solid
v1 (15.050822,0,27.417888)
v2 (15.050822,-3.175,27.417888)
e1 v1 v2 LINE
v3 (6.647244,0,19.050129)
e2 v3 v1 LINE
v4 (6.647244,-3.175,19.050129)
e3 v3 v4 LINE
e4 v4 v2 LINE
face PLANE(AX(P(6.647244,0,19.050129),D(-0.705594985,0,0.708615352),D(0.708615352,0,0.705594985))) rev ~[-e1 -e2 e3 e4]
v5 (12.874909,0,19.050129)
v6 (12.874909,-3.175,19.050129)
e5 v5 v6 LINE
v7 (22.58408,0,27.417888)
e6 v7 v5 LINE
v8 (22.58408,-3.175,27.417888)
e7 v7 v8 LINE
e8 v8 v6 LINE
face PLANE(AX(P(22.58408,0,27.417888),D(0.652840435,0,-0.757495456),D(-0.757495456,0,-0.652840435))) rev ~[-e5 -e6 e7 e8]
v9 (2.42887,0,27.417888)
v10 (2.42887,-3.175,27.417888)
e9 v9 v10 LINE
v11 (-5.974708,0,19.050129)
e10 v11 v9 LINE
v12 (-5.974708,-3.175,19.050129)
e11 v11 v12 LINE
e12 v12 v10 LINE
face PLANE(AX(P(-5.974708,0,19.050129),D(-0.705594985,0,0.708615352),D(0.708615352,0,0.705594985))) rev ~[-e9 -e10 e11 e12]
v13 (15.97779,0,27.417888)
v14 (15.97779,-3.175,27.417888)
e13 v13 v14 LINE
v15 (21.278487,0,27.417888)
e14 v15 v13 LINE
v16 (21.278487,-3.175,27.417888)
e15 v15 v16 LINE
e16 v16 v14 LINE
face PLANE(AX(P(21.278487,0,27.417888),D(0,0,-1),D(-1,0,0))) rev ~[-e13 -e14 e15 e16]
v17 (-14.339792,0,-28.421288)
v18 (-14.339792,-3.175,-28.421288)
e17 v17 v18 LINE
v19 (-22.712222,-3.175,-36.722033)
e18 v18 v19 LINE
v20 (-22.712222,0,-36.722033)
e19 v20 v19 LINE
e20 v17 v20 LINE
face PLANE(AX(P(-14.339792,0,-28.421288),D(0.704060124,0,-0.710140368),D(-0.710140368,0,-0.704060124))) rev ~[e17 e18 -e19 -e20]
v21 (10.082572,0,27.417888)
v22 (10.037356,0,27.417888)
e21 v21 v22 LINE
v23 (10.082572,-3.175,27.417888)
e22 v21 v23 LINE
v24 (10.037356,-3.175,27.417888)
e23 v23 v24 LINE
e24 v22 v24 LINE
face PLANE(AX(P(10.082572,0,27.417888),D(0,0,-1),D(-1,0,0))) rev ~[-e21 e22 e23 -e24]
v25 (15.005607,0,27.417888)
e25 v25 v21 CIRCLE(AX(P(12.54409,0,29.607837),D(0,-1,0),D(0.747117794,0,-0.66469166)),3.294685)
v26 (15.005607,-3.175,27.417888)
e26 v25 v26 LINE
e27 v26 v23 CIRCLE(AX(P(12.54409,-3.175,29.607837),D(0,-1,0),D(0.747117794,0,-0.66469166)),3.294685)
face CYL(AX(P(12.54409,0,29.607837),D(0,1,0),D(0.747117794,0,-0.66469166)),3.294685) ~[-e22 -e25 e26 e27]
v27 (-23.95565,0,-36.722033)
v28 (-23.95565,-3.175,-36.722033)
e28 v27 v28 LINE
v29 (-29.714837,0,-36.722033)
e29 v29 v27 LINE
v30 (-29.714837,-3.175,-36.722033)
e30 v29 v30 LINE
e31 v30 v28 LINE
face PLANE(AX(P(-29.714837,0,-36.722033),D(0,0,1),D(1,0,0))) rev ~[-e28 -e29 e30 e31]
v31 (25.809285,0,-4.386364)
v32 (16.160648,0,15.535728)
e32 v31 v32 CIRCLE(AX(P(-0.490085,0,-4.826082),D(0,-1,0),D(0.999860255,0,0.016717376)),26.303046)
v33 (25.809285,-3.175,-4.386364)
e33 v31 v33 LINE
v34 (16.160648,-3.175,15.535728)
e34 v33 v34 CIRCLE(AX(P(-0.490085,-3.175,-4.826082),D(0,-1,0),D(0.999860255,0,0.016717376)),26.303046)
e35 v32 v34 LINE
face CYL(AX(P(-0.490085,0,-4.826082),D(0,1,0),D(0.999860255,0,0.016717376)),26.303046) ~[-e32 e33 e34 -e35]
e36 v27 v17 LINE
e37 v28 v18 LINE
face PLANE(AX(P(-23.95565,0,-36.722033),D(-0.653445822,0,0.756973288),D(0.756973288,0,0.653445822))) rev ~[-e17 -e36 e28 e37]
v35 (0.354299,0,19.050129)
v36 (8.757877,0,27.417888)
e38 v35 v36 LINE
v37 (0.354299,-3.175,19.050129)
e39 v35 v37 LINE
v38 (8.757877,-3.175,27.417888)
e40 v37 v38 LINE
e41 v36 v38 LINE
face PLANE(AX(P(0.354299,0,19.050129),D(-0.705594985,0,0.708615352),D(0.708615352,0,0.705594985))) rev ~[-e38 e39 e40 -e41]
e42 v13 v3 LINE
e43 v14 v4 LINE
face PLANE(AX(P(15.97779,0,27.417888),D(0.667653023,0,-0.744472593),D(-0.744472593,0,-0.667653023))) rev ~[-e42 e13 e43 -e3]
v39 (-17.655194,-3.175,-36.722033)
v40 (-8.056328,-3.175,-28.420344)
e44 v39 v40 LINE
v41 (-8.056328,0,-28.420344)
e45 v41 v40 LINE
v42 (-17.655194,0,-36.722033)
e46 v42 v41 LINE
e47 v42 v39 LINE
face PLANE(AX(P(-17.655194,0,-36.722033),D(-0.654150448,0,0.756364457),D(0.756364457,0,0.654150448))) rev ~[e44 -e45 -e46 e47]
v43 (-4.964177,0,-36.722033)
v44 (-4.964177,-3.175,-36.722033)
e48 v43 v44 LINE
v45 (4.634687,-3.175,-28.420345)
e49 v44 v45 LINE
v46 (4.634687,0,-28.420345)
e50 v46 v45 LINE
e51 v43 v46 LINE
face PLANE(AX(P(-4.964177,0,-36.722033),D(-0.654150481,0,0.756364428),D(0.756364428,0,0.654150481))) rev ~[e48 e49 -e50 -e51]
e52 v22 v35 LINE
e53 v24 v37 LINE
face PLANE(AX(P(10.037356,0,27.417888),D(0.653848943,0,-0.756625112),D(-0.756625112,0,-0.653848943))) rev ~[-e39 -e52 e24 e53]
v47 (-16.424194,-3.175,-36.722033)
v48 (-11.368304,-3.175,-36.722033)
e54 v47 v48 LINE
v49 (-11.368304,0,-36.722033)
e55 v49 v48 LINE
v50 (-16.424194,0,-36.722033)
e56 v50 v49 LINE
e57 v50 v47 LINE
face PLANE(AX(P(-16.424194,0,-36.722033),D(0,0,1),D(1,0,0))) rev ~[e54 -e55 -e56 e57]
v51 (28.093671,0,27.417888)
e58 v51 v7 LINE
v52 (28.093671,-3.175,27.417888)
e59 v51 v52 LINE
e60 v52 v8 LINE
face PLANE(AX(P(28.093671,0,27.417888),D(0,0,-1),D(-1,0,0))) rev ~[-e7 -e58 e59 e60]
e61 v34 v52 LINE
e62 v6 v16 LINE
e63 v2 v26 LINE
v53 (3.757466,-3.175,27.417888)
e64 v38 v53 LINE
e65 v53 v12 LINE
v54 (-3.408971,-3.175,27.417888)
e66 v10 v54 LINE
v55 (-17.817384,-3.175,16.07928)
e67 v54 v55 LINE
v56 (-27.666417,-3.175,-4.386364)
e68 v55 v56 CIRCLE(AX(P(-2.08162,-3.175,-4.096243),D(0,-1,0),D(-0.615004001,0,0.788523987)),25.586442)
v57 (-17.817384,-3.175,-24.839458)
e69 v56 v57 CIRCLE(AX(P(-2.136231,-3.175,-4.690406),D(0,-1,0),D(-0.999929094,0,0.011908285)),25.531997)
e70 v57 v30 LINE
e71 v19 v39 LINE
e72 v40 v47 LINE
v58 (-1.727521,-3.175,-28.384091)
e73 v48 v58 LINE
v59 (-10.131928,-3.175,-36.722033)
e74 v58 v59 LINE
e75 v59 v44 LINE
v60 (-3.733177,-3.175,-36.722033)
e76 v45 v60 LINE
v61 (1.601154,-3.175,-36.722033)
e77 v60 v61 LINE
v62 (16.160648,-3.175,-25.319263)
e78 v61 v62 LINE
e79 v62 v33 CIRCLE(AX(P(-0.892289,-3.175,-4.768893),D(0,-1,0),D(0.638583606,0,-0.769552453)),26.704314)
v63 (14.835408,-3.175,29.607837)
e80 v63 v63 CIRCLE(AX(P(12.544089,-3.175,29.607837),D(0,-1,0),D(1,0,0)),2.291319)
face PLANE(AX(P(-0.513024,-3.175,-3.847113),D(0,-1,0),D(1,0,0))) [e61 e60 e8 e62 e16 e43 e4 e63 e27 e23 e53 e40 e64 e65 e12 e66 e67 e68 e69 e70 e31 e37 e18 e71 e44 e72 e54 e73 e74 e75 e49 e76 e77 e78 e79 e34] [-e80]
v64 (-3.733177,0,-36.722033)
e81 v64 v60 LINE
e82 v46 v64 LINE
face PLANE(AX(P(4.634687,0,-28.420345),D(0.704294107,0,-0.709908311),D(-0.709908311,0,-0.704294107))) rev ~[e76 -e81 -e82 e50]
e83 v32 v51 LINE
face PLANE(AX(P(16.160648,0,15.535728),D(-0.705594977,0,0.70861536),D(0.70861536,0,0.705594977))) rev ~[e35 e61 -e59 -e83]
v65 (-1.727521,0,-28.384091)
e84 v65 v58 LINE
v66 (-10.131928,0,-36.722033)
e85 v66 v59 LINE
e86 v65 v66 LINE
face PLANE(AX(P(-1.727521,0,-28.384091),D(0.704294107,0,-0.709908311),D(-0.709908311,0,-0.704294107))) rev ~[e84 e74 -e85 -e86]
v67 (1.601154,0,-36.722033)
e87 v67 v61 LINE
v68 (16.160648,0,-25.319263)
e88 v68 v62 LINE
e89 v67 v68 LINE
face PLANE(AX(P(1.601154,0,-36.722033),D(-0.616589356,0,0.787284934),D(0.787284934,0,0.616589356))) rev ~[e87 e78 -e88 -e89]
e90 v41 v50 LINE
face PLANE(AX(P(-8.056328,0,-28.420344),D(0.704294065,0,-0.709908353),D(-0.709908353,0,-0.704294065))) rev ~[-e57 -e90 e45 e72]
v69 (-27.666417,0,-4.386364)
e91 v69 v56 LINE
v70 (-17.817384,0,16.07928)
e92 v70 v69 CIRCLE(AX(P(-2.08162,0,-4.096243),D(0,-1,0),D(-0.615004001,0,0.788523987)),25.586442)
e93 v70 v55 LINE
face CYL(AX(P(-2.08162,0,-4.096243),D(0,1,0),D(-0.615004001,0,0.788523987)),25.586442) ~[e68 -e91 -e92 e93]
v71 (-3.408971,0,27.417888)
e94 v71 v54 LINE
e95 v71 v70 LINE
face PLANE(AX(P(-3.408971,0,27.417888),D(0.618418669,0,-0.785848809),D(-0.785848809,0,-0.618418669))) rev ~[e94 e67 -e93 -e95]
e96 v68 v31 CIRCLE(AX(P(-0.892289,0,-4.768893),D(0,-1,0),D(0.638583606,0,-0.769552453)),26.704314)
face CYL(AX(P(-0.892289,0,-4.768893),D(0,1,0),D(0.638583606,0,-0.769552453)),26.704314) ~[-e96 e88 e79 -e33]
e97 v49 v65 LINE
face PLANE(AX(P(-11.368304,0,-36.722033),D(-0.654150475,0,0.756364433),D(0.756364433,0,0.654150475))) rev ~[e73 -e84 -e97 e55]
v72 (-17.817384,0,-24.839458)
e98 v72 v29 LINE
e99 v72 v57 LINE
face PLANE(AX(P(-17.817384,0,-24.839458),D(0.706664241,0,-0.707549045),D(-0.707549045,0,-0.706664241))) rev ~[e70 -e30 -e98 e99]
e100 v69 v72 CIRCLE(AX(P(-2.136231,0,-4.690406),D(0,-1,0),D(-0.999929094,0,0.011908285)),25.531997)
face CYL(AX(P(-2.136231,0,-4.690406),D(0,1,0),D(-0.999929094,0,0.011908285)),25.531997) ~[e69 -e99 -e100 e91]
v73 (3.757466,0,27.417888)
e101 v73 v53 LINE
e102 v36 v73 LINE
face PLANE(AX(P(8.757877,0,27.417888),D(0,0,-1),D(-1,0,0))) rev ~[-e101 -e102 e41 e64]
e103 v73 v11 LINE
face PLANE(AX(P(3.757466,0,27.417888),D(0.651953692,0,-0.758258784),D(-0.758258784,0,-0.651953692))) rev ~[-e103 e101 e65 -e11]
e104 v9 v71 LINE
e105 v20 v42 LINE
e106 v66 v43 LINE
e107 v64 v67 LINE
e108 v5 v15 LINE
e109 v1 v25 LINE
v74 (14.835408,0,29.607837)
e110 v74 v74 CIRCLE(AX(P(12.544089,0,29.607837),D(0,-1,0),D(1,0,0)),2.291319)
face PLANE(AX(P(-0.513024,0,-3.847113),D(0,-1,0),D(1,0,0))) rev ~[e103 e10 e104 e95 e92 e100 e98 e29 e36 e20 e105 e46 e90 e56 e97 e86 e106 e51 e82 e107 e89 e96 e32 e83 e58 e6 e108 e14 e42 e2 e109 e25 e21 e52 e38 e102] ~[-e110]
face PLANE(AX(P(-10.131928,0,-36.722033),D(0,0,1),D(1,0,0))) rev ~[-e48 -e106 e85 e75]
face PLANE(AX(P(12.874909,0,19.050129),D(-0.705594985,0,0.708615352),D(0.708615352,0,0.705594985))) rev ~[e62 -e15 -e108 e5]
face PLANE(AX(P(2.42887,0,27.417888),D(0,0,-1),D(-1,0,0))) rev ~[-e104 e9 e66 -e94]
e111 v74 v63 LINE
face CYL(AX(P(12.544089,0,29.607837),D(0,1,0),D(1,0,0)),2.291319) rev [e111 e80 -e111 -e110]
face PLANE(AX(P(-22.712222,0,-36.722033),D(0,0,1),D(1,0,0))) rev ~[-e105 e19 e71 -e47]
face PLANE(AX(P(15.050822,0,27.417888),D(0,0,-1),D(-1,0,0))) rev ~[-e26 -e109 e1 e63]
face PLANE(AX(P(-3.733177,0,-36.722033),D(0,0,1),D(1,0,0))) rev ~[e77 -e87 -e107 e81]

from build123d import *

# Parameters (mm, degrees)
F0_R     = 2.291319
F1_DEPTH = 3.175


with BuildPart() as f1:
    # F0 (on Front) → F1 (new body)
    with BuildSketch(Plane.XZ):
        with BuildLine():
            Line((2.42887, 27.417888), (-3.408971, 27.417888))
            Line((-3.408971, 27.417888), (-17.817384, 16.07928))
            ThreePointArc((-17.817384, 16.07928), (-25.137158, 6.999169), (-27.666417, -4.386364))
            ThreePointArc((-27.666417, -4.386364), (-25.140054, -15.767724), (-17.817384, -24.839458))
            Line((-17.817384, -24.839458), (-29.714837, -36.722033))
            Line((-29.714837, -36.722033), (-23.95565, -36.722033))
            Line((-23.95565, -36.722033), (-14.339792, -28.421288))
            Line((-14.339792, -28.421288), (-22.712222, -36.722033))
            Line((-22.712222, -36.722033), (-17.655194, -36.722033))
            Line((-17.655194, -36.722033), (-8.056328, -28.420344))
            Line((-8.056328, -28.420344), (-16.424194, -36.722033))
            Line((-16.424194, -36.722033), (-11.368304, -36.722033))
            Line((-11.368304, -36.722033), (-1.727521, -28.384091))
            Line((-1.727521, -28.384091), (-10.131928, -36.722033))
            Line((-10.131928, -36.722033), (-4.964177, -36.722033))
            Line((-4.964177, -36.722033), (4.634687, -28.420345))
            Line((4.634687, -28.420345), (-3.733177, -36.722033))
            Line((-3.733177, -36.722033), (1.601154, -36.722033))
            Line((1.601154, -36.722033), (16.160648, -25.319263))
            ThreePointArc((16.160648, -25.319263), (23.359739, -15.947422), (25.809285, -4.386364))
            ThreePointArc((25.809285, -4.386364), (23.18269, 6.63908), (16.160648, 15.535728))
            Line((16.160648, 15.535728), (28.093671, 27.417888))
            Line((28.093671, 27.417888), (22.58408, 27.417888))
            Line((22.58408, 27.417888), (12.874909, 19.050129))
            Line((12.874909, 19.050129), (21.278487, 27.417888))
            Line((21.278487, 27.417888), (15.97779, 27.417888))
            Line((15.97779, 27.417888), (6.647244, 19.050129))
            Line((6.647244, 19.050129), (15.050822, 27.417888))
            Line((15.050822, 27.417888), (15.005607, 27.417888))
            ThreePointArc((15.005607, 27.417888), (12.544089, 32.902522), (10.082572, 27.417888))
            Line((10.082572, 27.417888), (10.037356, 27.417888))
            Line((10.037356, 27.417888), (0.354299, 19.050129))
            Line((0.354299, 19.050129), (8.757877, 27.417888))
            Line((8.757877, 27.417888), (3.757466, 27.417888))
            Line((3.757466, 27.417888), (-5.974708, 19.050129))
            Line((-5.974708, 19.050129), (2.42887, 27.417888))
        make_face()
        with Locations((12.544089, 29.607837)):
            Circle(F0_R, mode=Mode.SUBTRACT)
    extrude(amount=F1_DEPTH)


solid = f1.part
